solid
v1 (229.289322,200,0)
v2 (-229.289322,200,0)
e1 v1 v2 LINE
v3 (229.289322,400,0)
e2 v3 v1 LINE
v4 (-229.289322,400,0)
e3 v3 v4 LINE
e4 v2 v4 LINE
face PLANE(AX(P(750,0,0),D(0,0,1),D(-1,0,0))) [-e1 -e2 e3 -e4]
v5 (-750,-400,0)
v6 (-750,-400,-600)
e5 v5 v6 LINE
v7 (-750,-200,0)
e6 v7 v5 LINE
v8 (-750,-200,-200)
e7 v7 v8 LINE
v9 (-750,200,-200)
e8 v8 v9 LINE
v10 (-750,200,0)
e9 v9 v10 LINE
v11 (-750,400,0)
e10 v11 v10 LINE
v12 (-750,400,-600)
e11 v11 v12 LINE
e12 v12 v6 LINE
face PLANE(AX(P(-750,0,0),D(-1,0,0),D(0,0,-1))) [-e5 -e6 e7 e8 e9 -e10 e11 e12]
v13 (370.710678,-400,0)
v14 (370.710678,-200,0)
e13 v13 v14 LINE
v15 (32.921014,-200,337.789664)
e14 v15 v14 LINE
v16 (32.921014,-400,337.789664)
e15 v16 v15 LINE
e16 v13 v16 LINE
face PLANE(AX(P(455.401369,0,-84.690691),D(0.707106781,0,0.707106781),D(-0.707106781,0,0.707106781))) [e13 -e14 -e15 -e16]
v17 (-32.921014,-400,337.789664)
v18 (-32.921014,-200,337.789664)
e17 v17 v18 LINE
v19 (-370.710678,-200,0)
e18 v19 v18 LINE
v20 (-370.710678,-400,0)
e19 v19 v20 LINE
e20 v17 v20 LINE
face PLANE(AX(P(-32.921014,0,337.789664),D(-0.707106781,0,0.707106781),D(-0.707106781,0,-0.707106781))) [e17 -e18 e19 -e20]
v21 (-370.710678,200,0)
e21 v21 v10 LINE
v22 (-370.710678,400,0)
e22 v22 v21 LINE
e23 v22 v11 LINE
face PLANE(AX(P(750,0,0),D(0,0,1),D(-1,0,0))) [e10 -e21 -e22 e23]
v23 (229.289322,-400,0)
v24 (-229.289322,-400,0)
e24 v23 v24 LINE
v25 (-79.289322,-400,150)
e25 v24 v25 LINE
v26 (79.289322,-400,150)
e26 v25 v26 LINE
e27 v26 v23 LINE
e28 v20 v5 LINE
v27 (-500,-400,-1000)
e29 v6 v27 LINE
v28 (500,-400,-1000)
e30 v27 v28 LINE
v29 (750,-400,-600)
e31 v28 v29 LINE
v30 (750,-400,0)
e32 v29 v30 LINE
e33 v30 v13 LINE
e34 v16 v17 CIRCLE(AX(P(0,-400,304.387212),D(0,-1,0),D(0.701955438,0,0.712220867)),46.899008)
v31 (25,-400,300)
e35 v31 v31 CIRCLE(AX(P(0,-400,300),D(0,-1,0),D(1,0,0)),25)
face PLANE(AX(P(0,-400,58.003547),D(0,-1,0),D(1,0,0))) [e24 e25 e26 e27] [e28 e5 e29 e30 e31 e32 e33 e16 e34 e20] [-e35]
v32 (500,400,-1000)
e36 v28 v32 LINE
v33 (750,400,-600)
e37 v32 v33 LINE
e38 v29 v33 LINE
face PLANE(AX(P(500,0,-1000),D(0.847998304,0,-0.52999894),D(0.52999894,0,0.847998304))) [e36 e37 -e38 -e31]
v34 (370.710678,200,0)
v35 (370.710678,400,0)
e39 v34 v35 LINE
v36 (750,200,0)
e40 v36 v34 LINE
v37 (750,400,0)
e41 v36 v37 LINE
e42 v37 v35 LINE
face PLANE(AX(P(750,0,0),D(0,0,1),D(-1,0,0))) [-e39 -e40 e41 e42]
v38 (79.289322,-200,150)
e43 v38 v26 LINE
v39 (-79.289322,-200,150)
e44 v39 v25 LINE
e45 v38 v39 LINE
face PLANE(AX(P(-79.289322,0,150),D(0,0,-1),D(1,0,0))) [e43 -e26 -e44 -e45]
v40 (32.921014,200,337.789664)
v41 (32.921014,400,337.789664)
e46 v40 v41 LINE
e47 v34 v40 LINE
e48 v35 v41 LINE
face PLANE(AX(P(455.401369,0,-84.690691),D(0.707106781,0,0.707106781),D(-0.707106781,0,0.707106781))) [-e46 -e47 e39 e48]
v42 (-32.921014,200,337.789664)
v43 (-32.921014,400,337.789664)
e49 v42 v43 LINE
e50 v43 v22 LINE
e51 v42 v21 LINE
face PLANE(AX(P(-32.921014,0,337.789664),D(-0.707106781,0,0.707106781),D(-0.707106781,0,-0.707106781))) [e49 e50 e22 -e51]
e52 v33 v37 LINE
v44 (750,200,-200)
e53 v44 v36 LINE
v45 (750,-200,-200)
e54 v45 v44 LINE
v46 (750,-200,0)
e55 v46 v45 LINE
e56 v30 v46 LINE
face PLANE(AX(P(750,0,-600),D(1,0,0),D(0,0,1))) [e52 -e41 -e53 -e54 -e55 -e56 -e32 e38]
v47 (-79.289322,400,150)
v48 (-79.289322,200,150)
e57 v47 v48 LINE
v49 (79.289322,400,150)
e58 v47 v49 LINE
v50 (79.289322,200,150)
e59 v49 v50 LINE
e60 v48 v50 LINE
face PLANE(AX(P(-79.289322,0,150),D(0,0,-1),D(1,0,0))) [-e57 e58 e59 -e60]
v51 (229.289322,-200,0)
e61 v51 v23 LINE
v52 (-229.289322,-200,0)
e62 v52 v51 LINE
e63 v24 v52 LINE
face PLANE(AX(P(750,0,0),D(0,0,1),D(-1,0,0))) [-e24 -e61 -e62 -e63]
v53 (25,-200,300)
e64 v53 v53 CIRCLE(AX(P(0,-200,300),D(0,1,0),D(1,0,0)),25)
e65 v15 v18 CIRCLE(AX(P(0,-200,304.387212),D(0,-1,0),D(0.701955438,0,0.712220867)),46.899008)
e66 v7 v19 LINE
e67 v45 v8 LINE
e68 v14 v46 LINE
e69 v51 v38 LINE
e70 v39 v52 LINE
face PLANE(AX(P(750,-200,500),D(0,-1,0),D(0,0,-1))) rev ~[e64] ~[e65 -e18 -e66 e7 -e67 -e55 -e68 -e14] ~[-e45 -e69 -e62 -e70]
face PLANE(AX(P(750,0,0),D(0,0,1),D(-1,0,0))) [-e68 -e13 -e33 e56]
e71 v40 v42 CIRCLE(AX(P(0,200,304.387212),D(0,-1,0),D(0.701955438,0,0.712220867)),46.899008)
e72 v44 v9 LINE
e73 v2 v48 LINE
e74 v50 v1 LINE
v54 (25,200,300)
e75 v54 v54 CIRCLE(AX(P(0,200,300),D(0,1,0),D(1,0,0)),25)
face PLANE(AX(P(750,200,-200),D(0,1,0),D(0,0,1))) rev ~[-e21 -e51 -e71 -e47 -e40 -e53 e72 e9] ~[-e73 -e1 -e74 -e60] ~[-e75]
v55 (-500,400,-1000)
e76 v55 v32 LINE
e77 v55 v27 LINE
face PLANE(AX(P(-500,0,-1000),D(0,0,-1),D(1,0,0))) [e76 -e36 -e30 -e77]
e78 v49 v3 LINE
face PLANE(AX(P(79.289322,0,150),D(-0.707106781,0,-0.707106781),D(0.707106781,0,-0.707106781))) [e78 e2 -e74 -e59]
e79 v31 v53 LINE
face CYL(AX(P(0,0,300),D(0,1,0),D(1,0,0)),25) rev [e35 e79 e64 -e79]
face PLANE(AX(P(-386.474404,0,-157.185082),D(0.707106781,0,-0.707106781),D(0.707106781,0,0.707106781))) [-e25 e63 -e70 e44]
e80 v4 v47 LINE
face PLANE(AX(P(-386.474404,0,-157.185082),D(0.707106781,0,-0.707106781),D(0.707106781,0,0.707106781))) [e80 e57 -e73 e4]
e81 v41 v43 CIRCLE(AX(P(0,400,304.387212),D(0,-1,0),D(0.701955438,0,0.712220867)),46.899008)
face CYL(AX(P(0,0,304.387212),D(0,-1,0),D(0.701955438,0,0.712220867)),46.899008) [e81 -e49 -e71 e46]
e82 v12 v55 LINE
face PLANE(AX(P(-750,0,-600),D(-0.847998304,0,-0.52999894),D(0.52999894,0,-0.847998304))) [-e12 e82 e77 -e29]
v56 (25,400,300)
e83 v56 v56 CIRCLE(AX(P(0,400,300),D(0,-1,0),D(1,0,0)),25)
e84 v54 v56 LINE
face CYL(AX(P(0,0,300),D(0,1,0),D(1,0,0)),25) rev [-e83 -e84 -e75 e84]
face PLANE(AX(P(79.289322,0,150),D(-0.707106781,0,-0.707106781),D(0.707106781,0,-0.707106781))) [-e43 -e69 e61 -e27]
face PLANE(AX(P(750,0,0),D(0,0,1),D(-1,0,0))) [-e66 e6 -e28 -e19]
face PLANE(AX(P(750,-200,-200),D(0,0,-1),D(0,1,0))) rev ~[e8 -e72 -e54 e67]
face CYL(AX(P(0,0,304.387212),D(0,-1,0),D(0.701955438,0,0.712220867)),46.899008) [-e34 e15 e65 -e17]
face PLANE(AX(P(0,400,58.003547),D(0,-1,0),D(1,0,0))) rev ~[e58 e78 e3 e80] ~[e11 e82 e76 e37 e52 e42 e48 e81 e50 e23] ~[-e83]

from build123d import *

# Parameters (mm, degrees)
F1_DEPTH = 400
F2_R     = 25
F3_DEPTH = 400
F5_DEPTH = 1500


with BuildPart() as f1:
    # F0 (on Front) → F1 (new body, symmetric)
    with BuildSketch(Plane.XZ):
        Polygon((750, 0), (-750, 0), (-750, -600), (-500, -1000), (500, -1000), (750, -600), align=None)
    extrude(amount=F1_DEPTH, both=True)

    # F2 (on Front) → F3 (join, symmetric)
    with BuildSketch(Plane.XZ):
        with BuildLine():
            Line((-32.921014, 337.789664), (-455.401369, -84.690691))
            ThreePointArc((-455.401369, -84.690691), (-460.755214, -158.795816), (-386.474404, -157.185082))
            Line((-386.474404, -157.185082), (-79.289322, 150))
            Line((-79.289322, 150), (0, 150))
            Line((0, 150), (79.289322, 150))
            Line((79.289322, 150), (386.474404, -157.185082))
            ThreePointArc((386.474404, -157.185082), (460.755214, -158.795816), (455.401369, -84.690691))
            Line((455.401369, -84.690691), (32.921014, 337.789664))
            ThreePointArc((32.921014, 337.789664), (0, 351.28622), (-32.921014, 337.789664))
        make_face()
        with Locations((0, 300)):
            Circle(F2_R, mode=Mode.SUBTRACT)
    extrude(amount=F3_DEPTH, both=True)

    # F4 (on face) → F5 (cut)
    with BuildSketch(Plane.YZ.offset(750)):
        Polygon((200, 500), (-200, 500), (-200, 0), (-200, -200), (200, -200), (200, 0), align=None)
    extrude(amount=-F5_DEPTH, mode=Mode.SUBTRACT)


solid = f1.part
